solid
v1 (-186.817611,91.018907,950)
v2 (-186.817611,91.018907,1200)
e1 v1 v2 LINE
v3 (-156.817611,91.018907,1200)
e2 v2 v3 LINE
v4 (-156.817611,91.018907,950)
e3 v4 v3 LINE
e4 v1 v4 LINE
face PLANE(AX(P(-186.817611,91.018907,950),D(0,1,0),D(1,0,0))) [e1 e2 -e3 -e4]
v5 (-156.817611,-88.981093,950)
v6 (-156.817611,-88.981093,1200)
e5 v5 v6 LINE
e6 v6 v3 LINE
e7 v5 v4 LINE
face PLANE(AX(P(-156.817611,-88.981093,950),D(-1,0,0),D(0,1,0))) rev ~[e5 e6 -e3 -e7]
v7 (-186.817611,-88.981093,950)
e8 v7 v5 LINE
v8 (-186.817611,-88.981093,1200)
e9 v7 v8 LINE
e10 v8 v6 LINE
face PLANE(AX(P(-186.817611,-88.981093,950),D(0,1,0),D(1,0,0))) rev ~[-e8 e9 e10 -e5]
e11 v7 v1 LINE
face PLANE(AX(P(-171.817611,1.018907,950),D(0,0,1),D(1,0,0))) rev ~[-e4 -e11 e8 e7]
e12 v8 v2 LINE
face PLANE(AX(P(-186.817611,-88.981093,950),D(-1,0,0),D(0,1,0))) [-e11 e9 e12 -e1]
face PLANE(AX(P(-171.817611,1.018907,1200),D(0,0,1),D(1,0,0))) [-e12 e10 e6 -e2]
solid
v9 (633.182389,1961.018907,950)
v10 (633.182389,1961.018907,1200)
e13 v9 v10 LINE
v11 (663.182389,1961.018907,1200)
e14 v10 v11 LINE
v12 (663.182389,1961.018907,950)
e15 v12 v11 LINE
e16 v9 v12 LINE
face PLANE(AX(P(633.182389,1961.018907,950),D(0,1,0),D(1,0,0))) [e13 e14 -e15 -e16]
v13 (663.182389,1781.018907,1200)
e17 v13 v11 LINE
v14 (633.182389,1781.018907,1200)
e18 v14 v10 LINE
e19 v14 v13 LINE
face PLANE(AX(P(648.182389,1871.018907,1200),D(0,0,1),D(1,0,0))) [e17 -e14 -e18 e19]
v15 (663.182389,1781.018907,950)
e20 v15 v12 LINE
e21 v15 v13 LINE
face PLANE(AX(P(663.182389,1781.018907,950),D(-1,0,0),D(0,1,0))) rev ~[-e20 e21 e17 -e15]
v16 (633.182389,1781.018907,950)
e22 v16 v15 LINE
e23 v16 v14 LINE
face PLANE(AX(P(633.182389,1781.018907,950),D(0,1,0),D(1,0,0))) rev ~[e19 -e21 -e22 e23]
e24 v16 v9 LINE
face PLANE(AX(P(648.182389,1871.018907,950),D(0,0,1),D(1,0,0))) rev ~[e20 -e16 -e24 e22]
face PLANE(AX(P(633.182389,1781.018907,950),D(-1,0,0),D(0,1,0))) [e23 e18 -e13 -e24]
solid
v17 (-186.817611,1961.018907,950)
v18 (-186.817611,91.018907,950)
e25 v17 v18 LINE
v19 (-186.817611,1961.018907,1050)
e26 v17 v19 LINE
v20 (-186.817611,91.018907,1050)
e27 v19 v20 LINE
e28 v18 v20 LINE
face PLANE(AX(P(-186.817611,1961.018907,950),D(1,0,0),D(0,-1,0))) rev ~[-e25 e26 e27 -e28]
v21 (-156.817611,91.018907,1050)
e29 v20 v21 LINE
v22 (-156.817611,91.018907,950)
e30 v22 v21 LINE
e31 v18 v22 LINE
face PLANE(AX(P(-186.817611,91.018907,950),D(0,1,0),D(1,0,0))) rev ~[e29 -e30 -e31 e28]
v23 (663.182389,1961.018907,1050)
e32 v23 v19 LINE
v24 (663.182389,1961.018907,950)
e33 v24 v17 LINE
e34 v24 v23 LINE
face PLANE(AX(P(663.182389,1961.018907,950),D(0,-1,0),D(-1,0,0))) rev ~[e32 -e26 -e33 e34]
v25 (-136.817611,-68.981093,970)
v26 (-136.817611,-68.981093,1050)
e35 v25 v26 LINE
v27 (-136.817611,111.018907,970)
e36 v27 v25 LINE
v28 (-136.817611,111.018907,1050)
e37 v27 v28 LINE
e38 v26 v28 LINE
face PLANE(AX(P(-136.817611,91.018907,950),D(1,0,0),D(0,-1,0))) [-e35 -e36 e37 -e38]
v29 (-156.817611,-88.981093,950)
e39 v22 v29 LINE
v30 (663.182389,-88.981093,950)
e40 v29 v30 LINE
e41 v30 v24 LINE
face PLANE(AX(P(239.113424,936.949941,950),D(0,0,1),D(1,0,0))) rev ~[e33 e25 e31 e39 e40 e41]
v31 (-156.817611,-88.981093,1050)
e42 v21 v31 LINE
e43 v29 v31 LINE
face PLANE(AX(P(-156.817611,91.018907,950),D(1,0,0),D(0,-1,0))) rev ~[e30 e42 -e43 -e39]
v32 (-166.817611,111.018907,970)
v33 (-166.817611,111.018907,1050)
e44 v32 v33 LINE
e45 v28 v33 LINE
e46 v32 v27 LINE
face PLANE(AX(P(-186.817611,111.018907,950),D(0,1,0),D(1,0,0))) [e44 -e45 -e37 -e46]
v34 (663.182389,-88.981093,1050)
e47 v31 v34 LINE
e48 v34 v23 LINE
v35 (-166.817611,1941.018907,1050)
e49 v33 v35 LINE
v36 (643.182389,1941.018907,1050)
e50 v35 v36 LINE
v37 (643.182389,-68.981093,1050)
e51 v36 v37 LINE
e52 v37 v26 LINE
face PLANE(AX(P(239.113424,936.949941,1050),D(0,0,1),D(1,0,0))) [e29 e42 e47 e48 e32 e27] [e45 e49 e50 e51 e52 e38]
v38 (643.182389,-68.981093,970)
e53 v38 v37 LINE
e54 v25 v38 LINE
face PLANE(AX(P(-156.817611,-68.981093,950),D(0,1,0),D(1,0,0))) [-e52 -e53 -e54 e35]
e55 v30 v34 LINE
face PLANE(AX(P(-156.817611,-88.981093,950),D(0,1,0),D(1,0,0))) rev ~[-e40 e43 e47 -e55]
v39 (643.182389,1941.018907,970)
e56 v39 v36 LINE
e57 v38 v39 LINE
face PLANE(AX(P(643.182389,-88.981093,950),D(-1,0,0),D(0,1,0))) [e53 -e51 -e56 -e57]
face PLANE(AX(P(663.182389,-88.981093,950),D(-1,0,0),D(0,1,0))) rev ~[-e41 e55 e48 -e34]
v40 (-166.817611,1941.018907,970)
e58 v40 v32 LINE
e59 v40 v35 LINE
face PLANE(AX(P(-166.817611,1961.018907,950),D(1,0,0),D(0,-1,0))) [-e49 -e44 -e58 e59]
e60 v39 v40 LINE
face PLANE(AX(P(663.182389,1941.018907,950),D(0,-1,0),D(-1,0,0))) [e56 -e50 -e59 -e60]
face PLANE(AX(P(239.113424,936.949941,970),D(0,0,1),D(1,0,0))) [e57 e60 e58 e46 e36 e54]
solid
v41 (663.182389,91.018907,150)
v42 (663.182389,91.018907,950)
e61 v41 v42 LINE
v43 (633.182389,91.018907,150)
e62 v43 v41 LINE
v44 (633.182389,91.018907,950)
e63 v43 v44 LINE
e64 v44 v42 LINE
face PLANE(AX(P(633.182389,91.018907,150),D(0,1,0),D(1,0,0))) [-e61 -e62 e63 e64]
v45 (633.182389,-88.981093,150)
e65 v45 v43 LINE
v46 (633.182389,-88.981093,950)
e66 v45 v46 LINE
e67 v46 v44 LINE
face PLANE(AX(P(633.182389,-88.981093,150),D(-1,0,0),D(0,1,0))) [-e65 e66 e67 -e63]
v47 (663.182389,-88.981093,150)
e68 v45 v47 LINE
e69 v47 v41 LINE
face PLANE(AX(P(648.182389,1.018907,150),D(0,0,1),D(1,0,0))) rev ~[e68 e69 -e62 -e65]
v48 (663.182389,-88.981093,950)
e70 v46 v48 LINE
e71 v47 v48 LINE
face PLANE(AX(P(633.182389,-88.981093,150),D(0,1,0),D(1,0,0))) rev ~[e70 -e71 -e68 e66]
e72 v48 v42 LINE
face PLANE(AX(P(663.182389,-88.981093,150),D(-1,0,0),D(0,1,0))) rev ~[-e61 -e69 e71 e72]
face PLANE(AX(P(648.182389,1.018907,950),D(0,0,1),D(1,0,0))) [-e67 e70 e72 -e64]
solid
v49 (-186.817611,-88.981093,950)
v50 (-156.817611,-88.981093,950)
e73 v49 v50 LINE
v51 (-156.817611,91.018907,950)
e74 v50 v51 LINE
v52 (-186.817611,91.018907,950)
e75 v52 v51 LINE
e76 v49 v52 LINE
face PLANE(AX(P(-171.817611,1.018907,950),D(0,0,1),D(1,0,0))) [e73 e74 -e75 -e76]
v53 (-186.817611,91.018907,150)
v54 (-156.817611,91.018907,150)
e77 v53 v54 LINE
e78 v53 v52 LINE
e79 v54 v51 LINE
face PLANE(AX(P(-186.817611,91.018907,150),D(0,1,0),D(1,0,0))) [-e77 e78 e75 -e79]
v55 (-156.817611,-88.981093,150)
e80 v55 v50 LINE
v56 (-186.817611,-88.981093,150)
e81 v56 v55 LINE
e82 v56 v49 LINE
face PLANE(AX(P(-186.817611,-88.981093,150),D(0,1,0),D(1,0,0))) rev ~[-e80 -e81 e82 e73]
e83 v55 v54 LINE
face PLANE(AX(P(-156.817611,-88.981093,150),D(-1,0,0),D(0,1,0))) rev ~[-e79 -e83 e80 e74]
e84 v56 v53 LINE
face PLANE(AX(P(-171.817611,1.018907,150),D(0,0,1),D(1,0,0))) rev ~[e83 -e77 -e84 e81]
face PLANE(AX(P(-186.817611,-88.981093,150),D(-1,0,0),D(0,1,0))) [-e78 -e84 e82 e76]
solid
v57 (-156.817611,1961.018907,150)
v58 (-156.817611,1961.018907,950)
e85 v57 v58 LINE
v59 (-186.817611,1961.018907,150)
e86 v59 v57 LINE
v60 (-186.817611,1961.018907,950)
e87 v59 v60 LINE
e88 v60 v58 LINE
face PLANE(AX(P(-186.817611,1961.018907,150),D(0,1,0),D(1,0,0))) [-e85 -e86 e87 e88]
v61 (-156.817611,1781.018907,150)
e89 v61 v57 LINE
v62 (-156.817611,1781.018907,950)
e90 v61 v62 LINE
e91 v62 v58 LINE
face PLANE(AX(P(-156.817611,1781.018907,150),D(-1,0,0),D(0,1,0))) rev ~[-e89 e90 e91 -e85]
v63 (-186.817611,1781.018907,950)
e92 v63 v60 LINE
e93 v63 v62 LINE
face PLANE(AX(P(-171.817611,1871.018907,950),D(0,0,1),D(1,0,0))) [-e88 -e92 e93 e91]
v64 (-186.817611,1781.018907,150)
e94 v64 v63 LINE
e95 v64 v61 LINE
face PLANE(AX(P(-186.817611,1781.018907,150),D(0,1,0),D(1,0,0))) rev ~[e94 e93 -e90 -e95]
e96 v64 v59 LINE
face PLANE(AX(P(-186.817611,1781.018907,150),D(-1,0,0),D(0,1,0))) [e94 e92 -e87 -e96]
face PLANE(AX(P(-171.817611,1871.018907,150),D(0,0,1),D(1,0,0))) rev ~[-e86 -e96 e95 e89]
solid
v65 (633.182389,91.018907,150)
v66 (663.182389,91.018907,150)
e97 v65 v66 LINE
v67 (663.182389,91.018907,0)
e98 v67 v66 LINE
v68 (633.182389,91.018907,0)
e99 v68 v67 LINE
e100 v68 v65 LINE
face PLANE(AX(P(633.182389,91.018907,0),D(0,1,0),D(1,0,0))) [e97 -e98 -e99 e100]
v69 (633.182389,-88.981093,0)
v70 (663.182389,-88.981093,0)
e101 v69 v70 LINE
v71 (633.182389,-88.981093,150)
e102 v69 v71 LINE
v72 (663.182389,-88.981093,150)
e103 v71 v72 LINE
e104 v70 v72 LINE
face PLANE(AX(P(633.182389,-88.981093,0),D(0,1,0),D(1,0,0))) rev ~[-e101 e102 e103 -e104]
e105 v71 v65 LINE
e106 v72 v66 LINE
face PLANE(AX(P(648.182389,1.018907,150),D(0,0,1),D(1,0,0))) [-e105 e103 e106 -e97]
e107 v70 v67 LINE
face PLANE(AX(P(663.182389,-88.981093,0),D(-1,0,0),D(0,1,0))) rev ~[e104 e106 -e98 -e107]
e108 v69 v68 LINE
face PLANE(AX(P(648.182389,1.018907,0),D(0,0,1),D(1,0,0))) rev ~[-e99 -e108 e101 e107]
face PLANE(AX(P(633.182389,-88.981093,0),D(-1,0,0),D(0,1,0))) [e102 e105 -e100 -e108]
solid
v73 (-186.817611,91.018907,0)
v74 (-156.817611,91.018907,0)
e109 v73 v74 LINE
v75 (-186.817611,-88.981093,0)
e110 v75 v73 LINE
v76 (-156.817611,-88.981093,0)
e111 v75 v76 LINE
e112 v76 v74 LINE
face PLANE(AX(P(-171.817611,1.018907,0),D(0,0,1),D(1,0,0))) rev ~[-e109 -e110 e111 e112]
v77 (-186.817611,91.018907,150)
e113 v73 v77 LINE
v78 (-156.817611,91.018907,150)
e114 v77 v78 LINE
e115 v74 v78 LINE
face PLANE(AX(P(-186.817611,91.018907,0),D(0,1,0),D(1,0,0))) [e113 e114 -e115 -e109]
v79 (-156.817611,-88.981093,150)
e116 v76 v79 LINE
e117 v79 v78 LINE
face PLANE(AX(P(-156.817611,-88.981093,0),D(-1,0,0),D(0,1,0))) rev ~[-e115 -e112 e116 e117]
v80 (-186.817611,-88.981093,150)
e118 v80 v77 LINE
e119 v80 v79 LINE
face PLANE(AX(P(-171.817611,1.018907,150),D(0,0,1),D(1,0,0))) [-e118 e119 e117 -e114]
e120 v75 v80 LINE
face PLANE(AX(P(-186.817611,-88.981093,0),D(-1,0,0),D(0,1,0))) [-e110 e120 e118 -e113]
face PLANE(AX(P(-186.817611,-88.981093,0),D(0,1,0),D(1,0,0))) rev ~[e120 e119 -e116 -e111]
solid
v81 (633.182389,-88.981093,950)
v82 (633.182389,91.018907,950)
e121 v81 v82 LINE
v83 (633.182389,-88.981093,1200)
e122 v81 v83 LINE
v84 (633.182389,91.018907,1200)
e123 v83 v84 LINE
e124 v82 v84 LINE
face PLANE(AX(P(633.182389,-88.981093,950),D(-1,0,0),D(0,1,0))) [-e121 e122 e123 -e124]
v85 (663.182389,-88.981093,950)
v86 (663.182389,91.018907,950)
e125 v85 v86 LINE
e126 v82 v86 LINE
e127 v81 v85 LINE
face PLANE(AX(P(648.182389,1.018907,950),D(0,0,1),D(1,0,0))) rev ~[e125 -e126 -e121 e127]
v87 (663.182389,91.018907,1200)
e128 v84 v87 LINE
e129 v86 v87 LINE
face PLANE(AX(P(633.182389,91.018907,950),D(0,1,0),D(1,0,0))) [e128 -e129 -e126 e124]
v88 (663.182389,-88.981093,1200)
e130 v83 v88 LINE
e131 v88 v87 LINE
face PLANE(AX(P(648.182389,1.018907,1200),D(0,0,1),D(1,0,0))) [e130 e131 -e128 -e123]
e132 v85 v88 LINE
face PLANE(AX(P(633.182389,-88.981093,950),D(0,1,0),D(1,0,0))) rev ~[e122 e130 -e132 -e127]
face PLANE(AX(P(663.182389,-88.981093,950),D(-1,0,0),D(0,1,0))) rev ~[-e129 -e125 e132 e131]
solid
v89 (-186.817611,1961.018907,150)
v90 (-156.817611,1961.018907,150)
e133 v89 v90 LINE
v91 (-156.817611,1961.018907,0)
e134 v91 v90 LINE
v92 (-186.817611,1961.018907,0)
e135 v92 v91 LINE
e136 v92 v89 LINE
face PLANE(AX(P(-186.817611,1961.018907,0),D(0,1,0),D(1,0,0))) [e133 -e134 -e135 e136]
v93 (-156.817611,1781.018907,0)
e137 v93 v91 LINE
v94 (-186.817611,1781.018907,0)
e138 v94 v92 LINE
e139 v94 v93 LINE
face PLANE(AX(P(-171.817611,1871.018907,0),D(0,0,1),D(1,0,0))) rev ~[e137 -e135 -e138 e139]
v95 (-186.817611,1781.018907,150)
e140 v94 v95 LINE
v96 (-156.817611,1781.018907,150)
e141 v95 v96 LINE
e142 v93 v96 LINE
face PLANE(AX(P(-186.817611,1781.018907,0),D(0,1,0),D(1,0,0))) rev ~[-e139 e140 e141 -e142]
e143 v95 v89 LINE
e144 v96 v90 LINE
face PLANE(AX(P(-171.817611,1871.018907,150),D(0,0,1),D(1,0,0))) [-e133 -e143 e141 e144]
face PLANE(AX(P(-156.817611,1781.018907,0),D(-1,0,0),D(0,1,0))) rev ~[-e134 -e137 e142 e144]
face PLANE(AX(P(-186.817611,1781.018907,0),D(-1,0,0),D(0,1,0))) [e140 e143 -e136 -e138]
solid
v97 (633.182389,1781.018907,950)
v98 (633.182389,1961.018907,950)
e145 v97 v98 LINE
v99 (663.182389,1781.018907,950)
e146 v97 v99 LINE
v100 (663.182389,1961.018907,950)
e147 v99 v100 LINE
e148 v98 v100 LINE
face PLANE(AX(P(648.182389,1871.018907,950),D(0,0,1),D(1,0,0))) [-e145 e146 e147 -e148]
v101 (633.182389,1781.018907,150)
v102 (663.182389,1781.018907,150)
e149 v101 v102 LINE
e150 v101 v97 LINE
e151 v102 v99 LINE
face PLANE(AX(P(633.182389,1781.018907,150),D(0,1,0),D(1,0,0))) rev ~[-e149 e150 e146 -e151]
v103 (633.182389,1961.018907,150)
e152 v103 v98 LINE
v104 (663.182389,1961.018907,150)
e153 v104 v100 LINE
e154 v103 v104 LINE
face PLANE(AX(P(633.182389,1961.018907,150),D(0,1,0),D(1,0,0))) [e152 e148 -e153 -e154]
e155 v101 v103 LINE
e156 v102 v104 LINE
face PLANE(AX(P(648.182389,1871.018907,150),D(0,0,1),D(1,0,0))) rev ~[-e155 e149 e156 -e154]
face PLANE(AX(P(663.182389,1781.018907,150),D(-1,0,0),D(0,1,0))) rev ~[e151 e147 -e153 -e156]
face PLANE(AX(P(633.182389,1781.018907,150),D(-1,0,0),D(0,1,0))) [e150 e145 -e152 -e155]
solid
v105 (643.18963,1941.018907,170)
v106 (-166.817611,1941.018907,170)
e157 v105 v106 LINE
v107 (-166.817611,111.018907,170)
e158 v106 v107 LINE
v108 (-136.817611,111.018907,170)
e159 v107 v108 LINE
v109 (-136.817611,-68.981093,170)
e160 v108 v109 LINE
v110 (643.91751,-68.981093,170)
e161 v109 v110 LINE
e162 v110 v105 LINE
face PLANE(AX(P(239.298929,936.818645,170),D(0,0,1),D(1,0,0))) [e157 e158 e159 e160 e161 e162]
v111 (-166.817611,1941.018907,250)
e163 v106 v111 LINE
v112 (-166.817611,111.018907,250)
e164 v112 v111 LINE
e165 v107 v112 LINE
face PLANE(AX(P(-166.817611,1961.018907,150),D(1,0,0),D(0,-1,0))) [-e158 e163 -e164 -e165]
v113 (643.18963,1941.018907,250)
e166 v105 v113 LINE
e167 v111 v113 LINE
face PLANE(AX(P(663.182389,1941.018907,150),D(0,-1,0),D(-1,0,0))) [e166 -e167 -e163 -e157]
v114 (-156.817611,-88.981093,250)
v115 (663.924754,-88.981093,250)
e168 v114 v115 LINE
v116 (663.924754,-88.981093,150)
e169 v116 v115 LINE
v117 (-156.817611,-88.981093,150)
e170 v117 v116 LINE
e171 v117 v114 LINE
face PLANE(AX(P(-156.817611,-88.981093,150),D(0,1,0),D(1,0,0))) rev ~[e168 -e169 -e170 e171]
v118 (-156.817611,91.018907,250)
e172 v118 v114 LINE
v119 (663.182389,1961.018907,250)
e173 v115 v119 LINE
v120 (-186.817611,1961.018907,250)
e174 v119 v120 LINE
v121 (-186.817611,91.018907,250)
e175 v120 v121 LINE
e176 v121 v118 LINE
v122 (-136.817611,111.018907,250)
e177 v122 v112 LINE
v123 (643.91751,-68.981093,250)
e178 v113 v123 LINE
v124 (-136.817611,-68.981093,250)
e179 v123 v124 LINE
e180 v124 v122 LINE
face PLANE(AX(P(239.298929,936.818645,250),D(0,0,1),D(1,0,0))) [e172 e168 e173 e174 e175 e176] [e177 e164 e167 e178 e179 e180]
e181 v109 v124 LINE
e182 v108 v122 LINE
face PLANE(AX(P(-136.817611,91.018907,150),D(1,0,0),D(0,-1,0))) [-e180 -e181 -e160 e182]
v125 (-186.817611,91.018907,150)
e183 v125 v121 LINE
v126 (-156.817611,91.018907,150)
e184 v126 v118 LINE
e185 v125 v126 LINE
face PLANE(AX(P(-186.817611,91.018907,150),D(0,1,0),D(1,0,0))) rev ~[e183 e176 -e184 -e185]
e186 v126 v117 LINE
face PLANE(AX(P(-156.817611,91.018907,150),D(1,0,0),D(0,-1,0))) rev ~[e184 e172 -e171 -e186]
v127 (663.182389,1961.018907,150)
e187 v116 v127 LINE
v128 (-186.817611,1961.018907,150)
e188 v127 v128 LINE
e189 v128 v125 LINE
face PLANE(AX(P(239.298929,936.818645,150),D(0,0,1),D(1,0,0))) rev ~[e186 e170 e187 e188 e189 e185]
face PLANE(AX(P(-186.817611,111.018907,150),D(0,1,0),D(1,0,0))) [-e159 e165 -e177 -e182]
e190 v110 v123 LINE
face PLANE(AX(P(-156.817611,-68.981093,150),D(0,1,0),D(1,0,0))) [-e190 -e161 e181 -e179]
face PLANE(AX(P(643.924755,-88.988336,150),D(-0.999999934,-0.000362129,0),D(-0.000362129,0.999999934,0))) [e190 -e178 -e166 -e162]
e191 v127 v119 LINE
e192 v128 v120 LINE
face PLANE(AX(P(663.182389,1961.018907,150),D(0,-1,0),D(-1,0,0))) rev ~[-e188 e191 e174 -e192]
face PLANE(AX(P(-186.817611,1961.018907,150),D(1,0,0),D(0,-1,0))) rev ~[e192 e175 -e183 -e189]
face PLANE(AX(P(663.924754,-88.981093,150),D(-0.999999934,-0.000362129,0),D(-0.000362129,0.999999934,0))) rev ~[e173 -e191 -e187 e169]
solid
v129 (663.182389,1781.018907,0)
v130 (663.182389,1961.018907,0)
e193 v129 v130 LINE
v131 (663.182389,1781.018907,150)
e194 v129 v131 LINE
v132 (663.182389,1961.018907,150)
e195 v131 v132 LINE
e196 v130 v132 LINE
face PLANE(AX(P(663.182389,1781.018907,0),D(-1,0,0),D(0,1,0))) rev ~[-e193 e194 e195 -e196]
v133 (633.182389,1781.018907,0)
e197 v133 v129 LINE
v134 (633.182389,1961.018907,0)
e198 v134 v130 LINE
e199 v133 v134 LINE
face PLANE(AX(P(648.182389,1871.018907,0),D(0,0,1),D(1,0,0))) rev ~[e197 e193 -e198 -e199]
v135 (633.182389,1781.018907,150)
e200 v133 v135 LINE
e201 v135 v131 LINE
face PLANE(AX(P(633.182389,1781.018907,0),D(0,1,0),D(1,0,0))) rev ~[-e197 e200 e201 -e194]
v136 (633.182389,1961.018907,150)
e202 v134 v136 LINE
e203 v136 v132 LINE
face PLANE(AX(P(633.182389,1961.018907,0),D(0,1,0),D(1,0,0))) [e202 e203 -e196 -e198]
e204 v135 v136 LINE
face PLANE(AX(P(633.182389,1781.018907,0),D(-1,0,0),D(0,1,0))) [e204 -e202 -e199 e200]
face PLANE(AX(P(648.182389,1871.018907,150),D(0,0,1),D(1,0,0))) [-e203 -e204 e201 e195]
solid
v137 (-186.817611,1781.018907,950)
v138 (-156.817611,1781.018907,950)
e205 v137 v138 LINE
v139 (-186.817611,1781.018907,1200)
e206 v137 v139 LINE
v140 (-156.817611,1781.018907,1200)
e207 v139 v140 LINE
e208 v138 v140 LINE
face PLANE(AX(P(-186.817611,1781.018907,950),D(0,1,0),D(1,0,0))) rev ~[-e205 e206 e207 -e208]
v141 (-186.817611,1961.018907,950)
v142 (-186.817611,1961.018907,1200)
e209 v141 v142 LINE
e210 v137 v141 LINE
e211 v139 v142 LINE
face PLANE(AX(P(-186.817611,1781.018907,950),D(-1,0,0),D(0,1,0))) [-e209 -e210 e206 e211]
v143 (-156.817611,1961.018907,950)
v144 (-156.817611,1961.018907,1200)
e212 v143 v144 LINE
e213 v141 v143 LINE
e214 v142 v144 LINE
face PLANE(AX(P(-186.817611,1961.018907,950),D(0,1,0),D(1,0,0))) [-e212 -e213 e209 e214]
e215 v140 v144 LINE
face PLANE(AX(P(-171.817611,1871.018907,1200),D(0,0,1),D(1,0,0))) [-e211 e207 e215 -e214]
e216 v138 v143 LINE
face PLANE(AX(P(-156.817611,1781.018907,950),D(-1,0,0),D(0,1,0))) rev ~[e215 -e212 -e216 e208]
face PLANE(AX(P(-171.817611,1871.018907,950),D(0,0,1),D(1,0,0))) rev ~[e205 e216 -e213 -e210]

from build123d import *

# Parameters (mm, degrees)
F0_W     = 30
F0_H     = 180
F1_DEPTH = 150
F3_DEPTH = 100
F4_DEPTH = 800
F5_T     = -20
F7_DEPTH = 250
F8_DEPTH = 100
F9_T     = -20


with BuildPart() as f1:
    # F0 (on Top) → F1 (new body)
    with BuildSketch(Plane.XY):
        with Locations((-171.817610931, 1871.0189068435)):
            Rectangle(F0_W, F0_H)
    extrude(amount=F1_DEPTH)


with BuildPart() as f1b:
    # F0 (on Top) → F1, piece 2 (new body)
    with BuildSketch(Plane.XY):
        with Locations((648.182389069, 1871.0189068435)):
            Rectangle(F0_W, F0_H)
    extrude(amount=F1_DEPTH)


with BuildPart() as f1c:
    # F0 (on Top) → F1, piece 3 (new body)
    with BuildSketch(Plane.XY):
        with Locations((-171.817610931, 1.0189068435)):
            Rectangle(F0_W, F0_H)
    extrude(amount=F1_DEPTH)


with BuildPart() as f1d:
    # F0 (on Top) → F1, piece 4 (new body)
    with BuildSketch(Plane.XY):
        with Locations((648.182389069, 1.0189068435)):
            Rectangle(F0_W, F0_H)
    extrude(amount=F1_DEPTH)


with BuildPart() as f3:
    # F2 (on face) → F3 (new body)
    with BuildSketch(Plane.XY.offset(150)):
        Polygon((-156.817610931, 91.0189068435), (-156.817610931, -88.9810931565), (663.9247536659, -88.9810931565), (663.182389069, 1961.0189068435), (-186.817610931, 1961.0189068435), (-186.817610931, 91.0189068435), align=None)
    extrude(amount=F3_DEPTH)

    # F5
    f5_openings = [f3.faces().sort_by_distance(p)[0] for p in [
        (239.642564, 938.774604, 250),
    ]]
    offset(amount=F5_T, openings=f5_openings, kind=Kind.INTERSECTION)


with BuildPart() as f4:
    # F4 (new): a face of the model
    f4_faces = [f1b.part.faces().sort_by_distance(p)[0] for p in [
        (648.182389069, 1871.0189068435, 150),
    ]]
    extrude(f4_faces, amount=F4_DEPTH)


with BuildPart() as f4b:
    # F4#2 (new): a face of the model
    f4_2_faces = [f1.part.faces().sort_by_distance(p)[0] for p in [
        (-171.817610931, 1871.0189068435, 150),
    ]]
    extrude(f4_2_faces, amount=F4_DEPTH)


with BuildPart() as f4c:
    # F4#3 (new): a face of the model
    f4_3_faces = [f1d.part.faces().sort_by_distance(p)[0] for p in [
        (648.182389069, 1.0189068435, 150),
    ]]
    extrude(f4_3_faces, amount=F4_DEPTH)


with BuildPart() as f4d:
    # F4#4 (new): a face of the model
    f4_4_faces = [f1c.part.faces().sort_by_distance(p)[0] for p in [
        (-171.817610931, 1.0189068435, 150),
    ]]
    extrude(f4_4_faces, amount=F4_DEPTH)


with BuildPart() as f7:
    # F7 (new): a face of the model
    f7_faces = [f4c.part.faces().sort_by_distance(p)[0] for p in [
        (648.182389069, 1.0189068435, 950),
    ]]
    extrude(f7_faces, amount=F7_DEPTH)


with BuildPart() as f7b:
    # F7#2 (new): a face of the model
    f7_2_faces = [f4d.part.faces().sort_by_distance(p)[0] for p in [
        (-171.817610931, 1.0189068435, 950),
    ]]
    extrude(f7_2_faces, amount=F7_DEPTH)


with BuildPart() as f7c:
    # F7#3 (new): a face of the model
    f7_3_faces = [f4b.part.faces().sort_by_distance(p)[0] for p in [
        (-171.817610931, 1871.0189068435, 950),
    ]]
    extrude(f7_3_faces, amount=F7_DEPTH)


with BuildPart() as f7d:
    # F7#4 (new): a face of the model
    f7_4_faces = [f4.part.faces().sort_by_distance(p)[0] for p in [
        (648.182389069, 1871.0189068435, 950),
    ]]
    extrude(f7_4_faces, amount=F7_DEPTH)


with BuildPart() as f8:
    # F6 (on face) → F8 (new body)
    with BuildSketch(Plane.XY.offset(950)):
        Polygon((-156.817610931, 91.0189068435), (-156.817610931, -88.9810931565), (663.182389069, -88.9810931565), (663.182389069, 1961.0189068435), (-186.817610931, 1961.0189068435), (-186.817610931, 91.0189068435), align=None)
    extrude(amount=F8_DEPTH)

    # F9
    f9_openings = [f8.faces().sort_by_distance(p)[0] for p in [
        (239.456927, 938.925475, 1050),
    ]]
    offset(amount=F9_T, openings=f9_openings, kind=Kind.INTERSECTION)


solid = Compound([f1.part, f1b.part, f1c.part, f1d.part, f3.part, f4.part, f4b.part, f4c.part, f4d.part, f7.part, f7b.part, f7c.part, f7d.part, f8.part])
